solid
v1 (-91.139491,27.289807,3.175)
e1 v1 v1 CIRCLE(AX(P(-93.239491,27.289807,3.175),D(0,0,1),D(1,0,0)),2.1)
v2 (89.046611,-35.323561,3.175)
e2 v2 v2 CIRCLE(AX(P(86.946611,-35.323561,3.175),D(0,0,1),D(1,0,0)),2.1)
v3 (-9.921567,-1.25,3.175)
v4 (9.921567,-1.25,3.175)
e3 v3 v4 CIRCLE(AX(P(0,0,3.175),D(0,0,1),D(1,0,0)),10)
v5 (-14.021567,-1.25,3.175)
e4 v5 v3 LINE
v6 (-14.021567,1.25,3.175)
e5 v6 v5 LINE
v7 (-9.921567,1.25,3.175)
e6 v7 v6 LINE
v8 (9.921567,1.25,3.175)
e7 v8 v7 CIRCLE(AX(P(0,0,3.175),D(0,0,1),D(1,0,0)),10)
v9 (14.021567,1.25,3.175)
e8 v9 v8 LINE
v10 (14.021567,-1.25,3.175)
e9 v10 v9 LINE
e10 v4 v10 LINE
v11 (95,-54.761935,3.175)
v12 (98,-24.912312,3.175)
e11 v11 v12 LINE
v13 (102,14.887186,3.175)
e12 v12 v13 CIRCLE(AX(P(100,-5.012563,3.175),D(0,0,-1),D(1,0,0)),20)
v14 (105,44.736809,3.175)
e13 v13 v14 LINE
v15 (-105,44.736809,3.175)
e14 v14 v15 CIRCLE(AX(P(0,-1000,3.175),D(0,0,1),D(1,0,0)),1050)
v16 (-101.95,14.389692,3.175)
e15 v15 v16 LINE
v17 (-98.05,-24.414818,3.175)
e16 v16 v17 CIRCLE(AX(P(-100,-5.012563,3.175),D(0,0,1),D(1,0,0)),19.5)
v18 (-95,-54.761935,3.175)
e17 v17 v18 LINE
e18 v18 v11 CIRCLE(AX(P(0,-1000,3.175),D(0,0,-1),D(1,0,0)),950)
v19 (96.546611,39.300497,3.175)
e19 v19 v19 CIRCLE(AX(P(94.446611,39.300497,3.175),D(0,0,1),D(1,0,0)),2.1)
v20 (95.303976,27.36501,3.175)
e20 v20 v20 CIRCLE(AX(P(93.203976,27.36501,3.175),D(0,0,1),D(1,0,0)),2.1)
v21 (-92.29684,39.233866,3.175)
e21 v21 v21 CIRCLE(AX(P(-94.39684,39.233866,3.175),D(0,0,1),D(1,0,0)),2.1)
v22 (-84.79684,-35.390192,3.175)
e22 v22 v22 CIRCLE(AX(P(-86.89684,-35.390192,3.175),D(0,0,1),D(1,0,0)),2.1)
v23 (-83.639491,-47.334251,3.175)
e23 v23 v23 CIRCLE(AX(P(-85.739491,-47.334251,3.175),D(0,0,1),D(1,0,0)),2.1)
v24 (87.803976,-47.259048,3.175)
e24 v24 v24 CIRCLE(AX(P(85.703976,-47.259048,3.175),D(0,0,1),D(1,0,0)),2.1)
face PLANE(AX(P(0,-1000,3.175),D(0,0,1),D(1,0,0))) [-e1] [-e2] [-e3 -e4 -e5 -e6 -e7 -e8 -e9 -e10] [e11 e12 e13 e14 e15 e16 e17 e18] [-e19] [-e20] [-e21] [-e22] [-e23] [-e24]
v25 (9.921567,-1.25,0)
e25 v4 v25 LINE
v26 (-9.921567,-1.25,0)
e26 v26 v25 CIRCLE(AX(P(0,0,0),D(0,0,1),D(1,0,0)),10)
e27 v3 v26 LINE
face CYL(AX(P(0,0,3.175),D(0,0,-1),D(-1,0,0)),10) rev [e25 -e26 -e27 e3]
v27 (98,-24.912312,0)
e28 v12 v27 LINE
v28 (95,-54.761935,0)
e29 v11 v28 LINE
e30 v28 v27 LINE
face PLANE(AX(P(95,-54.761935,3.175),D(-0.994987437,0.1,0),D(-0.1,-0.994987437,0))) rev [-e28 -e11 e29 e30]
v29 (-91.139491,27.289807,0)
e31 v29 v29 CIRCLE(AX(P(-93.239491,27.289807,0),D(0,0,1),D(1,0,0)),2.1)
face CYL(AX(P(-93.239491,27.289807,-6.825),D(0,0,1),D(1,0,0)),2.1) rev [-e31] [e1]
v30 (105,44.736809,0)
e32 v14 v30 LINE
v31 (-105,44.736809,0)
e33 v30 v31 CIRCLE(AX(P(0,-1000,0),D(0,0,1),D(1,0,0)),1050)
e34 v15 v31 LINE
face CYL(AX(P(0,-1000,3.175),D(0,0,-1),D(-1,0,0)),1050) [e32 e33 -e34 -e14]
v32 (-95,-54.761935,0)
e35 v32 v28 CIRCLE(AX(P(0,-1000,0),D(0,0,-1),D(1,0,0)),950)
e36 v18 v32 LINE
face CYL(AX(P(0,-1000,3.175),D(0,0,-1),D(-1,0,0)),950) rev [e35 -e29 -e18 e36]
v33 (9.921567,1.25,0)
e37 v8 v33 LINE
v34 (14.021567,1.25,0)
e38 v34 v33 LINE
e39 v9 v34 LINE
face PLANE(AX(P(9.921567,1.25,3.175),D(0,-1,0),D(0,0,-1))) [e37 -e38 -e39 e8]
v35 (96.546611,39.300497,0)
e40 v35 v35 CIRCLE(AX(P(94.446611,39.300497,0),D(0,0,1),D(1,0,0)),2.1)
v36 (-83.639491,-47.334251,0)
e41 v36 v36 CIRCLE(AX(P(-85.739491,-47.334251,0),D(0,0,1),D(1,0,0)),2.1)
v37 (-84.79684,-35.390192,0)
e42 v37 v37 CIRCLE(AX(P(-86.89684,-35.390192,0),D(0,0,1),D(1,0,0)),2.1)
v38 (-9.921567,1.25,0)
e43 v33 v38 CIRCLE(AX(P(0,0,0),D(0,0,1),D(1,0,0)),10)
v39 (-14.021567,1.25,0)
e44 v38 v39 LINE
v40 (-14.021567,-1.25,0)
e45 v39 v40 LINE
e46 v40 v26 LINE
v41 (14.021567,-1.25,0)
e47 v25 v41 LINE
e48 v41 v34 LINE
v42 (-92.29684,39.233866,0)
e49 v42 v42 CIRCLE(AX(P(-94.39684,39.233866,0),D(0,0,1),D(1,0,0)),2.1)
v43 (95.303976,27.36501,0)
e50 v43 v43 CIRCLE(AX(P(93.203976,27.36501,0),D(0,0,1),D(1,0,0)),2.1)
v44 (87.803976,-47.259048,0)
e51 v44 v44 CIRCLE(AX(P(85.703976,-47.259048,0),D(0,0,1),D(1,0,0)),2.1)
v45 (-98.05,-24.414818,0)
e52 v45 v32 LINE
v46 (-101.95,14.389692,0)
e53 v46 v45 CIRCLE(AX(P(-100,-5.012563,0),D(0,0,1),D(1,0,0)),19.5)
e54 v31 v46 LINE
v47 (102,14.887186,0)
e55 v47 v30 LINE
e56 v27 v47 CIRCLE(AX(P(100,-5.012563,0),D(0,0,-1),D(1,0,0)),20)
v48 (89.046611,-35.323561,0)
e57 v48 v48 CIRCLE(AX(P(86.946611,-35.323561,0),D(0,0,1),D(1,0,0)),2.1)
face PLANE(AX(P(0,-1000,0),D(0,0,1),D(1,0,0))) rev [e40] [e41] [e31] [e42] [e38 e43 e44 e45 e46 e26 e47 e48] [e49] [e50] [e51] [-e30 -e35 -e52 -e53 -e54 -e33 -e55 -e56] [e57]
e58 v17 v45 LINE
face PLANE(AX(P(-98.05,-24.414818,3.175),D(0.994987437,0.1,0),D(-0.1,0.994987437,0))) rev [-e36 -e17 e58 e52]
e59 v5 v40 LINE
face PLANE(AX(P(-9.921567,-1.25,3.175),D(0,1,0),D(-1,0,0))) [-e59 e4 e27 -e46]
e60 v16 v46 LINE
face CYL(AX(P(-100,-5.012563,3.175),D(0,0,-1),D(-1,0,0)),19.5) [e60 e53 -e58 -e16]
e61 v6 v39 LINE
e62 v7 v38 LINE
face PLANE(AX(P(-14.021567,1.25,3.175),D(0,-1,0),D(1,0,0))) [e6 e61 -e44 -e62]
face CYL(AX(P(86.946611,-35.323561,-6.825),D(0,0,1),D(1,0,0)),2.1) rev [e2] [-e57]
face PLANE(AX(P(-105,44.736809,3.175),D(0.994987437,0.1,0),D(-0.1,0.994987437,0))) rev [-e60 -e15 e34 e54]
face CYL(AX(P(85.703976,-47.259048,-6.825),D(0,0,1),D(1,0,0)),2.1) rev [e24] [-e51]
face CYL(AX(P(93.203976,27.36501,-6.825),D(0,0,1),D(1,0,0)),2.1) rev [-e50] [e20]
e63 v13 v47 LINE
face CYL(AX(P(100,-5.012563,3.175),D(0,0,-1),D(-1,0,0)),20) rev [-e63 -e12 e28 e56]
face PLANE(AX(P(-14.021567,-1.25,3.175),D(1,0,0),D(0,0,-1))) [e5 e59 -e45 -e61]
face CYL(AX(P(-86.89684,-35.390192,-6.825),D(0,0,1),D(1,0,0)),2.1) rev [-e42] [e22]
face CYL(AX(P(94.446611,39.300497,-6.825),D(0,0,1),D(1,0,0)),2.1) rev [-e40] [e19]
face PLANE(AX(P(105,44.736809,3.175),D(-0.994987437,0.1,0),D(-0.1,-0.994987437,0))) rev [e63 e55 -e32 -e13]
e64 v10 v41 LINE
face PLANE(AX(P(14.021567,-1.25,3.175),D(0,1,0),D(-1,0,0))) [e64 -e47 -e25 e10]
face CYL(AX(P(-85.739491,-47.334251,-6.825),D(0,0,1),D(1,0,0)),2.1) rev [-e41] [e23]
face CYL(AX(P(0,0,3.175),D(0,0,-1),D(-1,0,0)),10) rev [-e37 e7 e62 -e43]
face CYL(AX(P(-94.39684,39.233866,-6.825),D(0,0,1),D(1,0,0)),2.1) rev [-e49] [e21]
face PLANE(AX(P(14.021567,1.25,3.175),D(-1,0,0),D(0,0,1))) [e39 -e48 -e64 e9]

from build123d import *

# Parameters (mm, degrees)
BOSS_EXTRUDE1_DEPTH = 3.175
SKETCH3_R           = 2.1
CUT_EXTRUDE1_DEPTH  = 10


with BuildPart() as part:
    # Sketch1 → Boss-Extrude1 (new body)
    with BuildSketch(Plane.XY):
        with BuildLine():
            Line((-105, 44.736808962), (-101.95, 14.38969213))
            ThreePointArc((-101.95, 14.38969213), (-119.402255024, -6.962562893), (-98.05, -24.414817917))
            Line((-98.05, -24.414817917), (-95, -54.761934749))
            ThreePointArc((-95, -54.761934749), (0, -50), (95, -54.761934749))
            Line((95, -54.761934749), (98, -24.912311636))
            ThreePointArc((98, -24.912311636), (80.100251258, -3.012562893), (102, 14.887185849))
            Line((102, 14.887185849), (105, 44.736808962))
            ThreePointArc((105, 44.736808962), (0, 50), (-105, 44.736808962))
        make_face()
        with BuildLine():
            Line((-14.021567416, 1.25), (-9.921567416, 1.25))
            ThreePointArc((-9.921567416, 1.25), (0, 10), (9.921567416, 1.25))
            Line((9.921567416, 1.25), (14.021567416, 1.25))
            Line((14.021567416, 1.25), (14.021567416, -1.25))
            Line((14.021567416, -1.25), (9.921567416, -1.25))
            ThreePointArc((9.921567416, -1.25), (0, -10), (-9.921567416, -1.25))
            Line((-9.921567416, -1.25), (-14.021567416, -1.25))
            Line((-14.021567416, -1.25), (-14.021567416, 1.25))
        make_face(mode=Mode.SUBTRACT)
    extrude(amount=BOSS_EXTRUDE1_DEPTH)

    # Sketch3 → Cut-Extrude1 (cut)
    with BuildSketch(Plane.XY.offset(3.175)):
        with Locations((-94.396840498, 39.233865601)):
            Circle(SKETCH3_R)
        with Locations((-93.239490742, 27.289806762)):
            Circle(SKETCH3_R)
        with Locations((-86.896840498, -35.390192182)):
            Circle(SKETCH3_R)
        with Locations((-85.739490742, -47.334251021)):
            Circle(SKETCH3_R)
        with Locations((85.70397559, -47.259048155)):
            Circle(SKETCH3_R)
        with Locations((86.946610528, -35.3235608)):
            Circle(SKETCH3_R)
        with Locations((93.20397559, 27.365009628)):
            Circle(SKETCH3_R)
        with Locations((94.446610528, 39.300496983)):
            Circle(SKETCH3_R)
    extrude(amount=-CUT_EXTRUDE1_DEPTH, mode=Mode.SUBTRACT)


solid = part.part
